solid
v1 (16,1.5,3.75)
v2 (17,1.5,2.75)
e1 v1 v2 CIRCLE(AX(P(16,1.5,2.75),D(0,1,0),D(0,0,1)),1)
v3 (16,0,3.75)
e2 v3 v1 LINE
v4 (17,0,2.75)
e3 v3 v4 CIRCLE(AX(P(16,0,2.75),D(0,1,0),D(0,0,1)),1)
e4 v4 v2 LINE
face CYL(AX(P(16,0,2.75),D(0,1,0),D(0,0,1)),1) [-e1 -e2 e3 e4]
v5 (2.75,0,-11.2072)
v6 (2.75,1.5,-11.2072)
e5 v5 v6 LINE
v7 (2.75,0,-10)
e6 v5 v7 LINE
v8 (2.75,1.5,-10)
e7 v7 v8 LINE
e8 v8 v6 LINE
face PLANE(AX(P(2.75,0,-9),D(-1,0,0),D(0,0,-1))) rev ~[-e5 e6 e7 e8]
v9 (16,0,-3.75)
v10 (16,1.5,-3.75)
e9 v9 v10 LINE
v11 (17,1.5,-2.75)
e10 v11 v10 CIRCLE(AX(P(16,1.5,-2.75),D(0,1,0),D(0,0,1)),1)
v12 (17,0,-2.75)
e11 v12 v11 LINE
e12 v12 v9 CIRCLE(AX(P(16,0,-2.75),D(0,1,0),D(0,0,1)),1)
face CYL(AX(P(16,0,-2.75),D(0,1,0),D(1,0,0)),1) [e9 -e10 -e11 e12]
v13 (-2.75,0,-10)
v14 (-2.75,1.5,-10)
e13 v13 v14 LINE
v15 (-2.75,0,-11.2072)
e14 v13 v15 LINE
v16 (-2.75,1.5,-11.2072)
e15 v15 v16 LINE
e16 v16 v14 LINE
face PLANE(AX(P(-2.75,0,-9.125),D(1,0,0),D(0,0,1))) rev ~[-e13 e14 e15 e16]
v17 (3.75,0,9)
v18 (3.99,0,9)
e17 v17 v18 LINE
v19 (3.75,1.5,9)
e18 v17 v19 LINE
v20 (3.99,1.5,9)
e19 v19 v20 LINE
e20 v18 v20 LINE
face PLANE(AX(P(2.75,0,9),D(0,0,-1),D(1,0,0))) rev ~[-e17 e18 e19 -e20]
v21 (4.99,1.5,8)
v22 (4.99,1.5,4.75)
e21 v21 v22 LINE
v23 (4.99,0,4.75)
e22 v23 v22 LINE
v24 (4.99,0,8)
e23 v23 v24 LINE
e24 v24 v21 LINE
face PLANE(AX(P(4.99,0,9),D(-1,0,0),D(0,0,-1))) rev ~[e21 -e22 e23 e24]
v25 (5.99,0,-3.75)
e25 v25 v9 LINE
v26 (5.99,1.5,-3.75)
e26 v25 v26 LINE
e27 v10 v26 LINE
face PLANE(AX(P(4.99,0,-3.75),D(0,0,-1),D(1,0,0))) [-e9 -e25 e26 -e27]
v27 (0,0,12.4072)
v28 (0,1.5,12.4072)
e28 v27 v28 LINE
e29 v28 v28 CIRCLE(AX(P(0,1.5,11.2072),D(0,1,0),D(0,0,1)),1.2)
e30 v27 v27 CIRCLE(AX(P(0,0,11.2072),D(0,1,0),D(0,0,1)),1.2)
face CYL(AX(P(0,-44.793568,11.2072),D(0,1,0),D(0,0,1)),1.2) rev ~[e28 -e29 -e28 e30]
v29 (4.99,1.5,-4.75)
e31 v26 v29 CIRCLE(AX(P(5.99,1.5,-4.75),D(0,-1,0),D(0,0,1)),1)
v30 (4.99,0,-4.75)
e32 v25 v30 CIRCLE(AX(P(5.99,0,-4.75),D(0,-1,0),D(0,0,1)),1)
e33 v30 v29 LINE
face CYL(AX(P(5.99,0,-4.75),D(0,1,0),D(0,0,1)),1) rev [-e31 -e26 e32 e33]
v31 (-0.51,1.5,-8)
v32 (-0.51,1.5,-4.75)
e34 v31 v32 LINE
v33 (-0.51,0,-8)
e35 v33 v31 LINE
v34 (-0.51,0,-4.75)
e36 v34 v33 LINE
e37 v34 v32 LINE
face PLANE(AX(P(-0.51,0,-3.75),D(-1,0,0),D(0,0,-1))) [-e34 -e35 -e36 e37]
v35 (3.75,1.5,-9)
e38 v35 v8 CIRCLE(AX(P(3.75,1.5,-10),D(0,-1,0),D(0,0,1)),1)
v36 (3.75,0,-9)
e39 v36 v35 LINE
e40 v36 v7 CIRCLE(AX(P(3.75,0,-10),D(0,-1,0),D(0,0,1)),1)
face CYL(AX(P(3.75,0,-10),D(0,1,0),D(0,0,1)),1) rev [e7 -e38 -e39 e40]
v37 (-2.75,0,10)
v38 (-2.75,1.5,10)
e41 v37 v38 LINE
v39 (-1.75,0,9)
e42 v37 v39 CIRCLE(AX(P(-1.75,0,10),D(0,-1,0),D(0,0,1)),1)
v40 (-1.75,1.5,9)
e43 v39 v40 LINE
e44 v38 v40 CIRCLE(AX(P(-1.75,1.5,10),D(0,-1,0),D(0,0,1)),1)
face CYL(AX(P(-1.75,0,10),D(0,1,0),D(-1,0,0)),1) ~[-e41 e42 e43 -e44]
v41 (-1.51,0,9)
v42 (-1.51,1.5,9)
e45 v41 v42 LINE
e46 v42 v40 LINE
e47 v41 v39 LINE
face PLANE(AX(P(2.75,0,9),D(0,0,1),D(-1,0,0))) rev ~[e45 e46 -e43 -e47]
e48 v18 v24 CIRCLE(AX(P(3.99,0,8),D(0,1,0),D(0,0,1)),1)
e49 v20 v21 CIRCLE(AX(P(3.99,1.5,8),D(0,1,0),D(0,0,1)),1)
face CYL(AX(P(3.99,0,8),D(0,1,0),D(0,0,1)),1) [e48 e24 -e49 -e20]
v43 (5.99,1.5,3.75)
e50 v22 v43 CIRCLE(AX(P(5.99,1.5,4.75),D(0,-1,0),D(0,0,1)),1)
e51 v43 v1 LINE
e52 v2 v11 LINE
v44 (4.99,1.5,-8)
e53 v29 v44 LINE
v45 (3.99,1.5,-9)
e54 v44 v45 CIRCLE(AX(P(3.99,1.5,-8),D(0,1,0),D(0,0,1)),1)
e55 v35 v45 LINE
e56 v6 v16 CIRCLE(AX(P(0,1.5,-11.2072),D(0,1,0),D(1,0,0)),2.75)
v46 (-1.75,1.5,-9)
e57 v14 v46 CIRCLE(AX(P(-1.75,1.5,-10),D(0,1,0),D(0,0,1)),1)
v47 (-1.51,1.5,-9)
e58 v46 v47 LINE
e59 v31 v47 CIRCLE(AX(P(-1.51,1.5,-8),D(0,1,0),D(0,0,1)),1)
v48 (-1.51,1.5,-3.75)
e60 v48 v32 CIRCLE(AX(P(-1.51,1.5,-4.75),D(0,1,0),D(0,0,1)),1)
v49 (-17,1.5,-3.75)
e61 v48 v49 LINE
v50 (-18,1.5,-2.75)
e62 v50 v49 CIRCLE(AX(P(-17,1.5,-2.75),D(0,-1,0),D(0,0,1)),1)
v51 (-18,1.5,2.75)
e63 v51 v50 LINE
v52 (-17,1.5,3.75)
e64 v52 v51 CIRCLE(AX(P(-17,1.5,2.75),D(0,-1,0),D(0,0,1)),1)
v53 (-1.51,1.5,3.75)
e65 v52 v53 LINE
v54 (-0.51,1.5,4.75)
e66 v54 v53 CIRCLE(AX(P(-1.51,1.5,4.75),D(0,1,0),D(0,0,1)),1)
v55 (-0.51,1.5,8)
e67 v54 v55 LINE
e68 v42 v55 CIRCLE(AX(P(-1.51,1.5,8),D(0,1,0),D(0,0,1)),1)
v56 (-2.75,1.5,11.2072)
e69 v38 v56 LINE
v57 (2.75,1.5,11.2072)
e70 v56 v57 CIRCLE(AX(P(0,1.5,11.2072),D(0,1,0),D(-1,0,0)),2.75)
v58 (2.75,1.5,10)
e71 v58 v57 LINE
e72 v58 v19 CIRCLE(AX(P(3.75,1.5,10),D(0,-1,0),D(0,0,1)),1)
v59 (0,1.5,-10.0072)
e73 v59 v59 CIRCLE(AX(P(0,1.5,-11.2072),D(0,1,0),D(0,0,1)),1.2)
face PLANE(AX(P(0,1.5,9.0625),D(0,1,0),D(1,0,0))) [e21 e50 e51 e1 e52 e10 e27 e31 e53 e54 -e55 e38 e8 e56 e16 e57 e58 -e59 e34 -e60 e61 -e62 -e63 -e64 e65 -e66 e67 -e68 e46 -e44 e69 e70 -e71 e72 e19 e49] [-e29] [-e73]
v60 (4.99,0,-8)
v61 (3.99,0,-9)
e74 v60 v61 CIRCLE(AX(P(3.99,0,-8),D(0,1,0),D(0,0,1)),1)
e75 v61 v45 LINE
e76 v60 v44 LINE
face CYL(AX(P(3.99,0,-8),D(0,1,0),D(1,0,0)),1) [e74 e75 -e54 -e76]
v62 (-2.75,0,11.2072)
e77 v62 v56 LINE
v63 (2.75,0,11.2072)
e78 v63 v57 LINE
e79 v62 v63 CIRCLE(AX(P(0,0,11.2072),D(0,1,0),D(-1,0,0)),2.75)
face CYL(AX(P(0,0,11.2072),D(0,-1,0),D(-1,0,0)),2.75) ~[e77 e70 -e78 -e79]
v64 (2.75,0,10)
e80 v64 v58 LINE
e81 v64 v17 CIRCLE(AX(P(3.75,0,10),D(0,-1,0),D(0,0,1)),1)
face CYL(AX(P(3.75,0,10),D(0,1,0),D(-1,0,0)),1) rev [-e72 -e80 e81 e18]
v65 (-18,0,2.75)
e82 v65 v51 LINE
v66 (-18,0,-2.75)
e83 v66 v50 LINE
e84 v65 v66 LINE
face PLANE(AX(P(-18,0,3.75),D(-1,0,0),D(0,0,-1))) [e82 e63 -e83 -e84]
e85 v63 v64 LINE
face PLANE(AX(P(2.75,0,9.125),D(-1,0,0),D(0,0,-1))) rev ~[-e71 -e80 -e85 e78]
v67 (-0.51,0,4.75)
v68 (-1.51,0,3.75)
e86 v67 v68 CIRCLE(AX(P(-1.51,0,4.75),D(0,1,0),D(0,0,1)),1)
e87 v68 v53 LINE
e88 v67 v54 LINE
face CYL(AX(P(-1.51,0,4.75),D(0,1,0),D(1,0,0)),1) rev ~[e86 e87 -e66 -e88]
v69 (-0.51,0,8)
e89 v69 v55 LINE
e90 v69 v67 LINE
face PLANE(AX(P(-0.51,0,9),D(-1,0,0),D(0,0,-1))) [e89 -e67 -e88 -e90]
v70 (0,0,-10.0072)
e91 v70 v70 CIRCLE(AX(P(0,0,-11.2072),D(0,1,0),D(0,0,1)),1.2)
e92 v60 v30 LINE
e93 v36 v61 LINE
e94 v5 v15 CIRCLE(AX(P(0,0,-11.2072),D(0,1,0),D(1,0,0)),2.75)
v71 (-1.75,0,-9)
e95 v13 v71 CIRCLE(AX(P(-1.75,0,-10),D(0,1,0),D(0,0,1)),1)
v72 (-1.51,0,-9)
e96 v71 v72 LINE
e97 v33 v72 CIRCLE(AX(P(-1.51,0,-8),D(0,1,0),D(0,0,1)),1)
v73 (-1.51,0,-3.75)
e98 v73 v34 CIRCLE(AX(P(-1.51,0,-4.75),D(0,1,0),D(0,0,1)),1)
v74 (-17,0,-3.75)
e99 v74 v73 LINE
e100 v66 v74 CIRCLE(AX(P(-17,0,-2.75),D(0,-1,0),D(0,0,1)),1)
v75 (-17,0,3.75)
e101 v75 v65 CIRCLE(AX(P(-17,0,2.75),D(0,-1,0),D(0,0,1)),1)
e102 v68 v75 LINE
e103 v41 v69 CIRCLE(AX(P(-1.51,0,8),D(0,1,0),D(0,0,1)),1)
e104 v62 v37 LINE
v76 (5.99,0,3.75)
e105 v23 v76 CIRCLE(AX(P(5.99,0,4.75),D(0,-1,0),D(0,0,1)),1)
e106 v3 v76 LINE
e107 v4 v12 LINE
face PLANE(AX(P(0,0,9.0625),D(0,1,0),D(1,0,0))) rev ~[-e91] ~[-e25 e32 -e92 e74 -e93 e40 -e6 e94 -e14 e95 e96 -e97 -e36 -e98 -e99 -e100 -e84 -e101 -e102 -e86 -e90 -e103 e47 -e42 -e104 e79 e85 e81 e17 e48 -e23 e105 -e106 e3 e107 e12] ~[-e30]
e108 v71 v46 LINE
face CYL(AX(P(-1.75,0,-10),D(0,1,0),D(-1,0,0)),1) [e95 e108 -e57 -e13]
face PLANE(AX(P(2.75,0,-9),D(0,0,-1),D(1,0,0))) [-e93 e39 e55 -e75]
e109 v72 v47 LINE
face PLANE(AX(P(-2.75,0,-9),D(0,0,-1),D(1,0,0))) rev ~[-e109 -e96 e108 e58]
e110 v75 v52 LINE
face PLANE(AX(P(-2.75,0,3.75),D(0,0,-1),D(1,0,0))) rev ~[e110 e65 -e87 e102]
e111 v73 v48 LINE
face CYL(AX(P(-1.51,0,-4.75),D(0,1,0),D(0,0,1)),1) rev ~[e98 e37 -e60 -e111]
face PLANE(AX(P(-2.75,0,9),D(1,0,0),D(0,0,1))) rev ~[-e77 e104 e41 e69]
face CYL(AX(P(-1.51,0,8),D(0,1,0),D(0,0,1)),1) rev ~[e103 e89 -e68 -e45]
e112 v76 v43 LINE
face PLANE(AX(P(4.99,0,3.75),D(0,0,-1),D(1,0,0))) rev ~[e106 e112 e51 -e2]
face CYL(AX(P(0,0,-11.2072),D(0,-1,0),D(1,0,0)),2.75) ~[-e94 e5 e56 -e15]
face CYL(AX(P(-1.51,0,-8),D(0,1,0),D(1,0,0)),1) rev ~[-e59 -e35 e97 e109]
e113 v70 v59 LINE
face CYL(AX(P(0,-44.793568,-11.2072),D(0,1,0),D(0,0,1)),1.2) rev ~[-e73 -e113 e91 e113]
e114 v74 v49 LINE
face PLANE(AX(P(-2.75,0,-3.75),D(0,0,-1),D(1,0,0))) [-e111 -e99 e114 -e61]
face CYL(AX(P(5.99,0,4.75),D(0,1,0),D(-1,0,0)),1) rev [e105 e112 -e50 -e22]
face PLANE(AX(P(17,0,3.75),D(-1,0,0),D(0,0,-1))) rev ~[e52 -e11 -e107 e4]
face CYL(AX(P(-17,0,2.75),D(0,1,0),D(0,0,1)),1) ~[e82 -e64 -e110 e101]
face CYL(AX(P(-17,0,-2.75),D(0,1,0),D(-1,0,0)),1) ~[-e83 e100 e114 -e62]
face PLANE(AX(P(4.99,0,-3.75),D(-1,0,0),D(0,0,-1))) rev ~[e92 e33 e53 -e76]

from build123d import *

# Parameters (mm, degrees)
SKETCH1_W            = 13.25
SKETCH1_H            = 7.5
SKETCH1_W_2          = 2
SKETCH1_W_3          = 2.24
SKETCH1_W_4          = 3.26
SKETCH1_W_5          = 8.01
SKETCH1_H_2          = 3.25
SKETCH1_H_3          = 2
SKETCH1_R            = 1.25
BOSS_EXTRUDE1_DEPTH  = 1.5
M2_CLEARANCE_HOLE1_D = 2.4
FILLET1_R            = 1


with BuildPart() as part:
    # Sketch1 → Boss-Extrude1 (new body)
    # profile 1 of 22: a face of its own
    with BuildSketch(Plane(origin=(0, 0, 0), x_dir=(1, 0, 0), z_dir=(0, 1, 0))):
        with Locations((-9.375, 0)):
            Rectangle(SKETCH1_W, SKETCH1_H)
    # profile 2 of 22: a face of its own
    with BuildSketch(Plane(origin=(0, 0, 0), x_dir=(1, 0, 0), z_dir=(0, 1, 0))):
        with Locations((-17, 0)):
            Rectangle(SKETCH1_W_2, SKETCH1_H)
    # profile 3 of 22: a face of its own
    with BuildSketch(Plane(origin=(0, 0, 0), x_dir=(1, 0, 0), z_dir=(0, 1, 0))):
        with Locations((-1.63, 0)):
            Rectangle(SKETCH1_W_3, SKETCH1_H)
    # profile 4 of 22: a face of its own
    with BuildSketch(Plane(origin=(0, 0, 0), x_dir=(1, 0, 0), z_dir=(0, 1, 0))):
        with Locations((1.12, 0)):
            Rectangle(SKETCH1_W_4, SKETCH1_H)
    # profile 5 of 22: a face of its own
    with BuildSketch(Plane(origin=(0, 0, 0), x_dir=(1, 0, 0), z_dir=(0, 1, 0))):
        with Locations((3.87, 0)):
            Rectangle(SKETCH1_W_3, SKETCH1_H)
    # profile 6 of 22: a face of its own
    with BuildSketch(Plane(origin=(0, 0, 0), x_dir=(1, 0, 0), z_dir=(0, 1, 0))):
        with Locations((8.995, 0)):
            Rectangle(SKETCH1_W_5, SKETCH1_H)
    # profile 7 of 22: a face of its own
    with BuildSketch(Plane(origin=(0, 0, 0), x_dir=(1, 0, 0), z_dir=(0, 1, 0))):
        with Locations((14, 0)):
            Rectangle(SKETCH1_W_2, SKETCH1_H)
    # profile 8 of 22: a face of its own
    with BuildSketch(Plane(origin=(0, 0, 0), x_dir=(1, 0, 0), z_dir=(0, 1, 0))):
        with Locations((16, 0)):
            Rectangle(SKETCH1_W_2, SKETCH1_H)
    # profile 9 of 22: a face of its own
    with BuildSketch(Plane(origin=(0, 0, 0), x_dir=(1, 0, 0), z_dir=(0, 1, 0))):
        with Locations((3.87, 5.375)):
            Rectangle(SKETCH1_W_3, SKETCH1_H_2)
    # profile 10 of 22: a face of its own
    with BuildSketch(Plane(origin=(0, 0, 0), x_dir=(1, 0, 0), z_dir=(0, 1, 0))):
        with Locations((3.87, -5.375)):
            Rectangle(SKETCH1_W_3, SKETCH1_H_2)
    # profile 11 of 22: a face of its own
    with BuildSketch(Plane(origin=(0, 0, 0), x_dir=(1, 0, 0), z_dir=(0, 1, 0))):
        with Locations((3.87, -8)):
            Rectangle(SKETCH1_W_3, SKETCH1_H_3)
    # profile 12 of 22: a face of its own
    with BuildSketch(Plane(origin=(0, 0, 0), x_dir=(1, 0, 0), z_dir=(0, 1, 0))):
        with Locations((1.12, -8)):
            Rectangle(SKETCH1_W_4, SKETCH1_H_3)
    # profile 13 of 22: a face of its own
    with BuildSketch(Plane(origin=(0, 0, 0), x_dir=(1, 0, 0), z_dir=(0, 1, 0))):
        with Locations((1.12, -5.375)):
            Rectangle(SKETCH1_W_4, SKETCH1_H_2)
    # profile 14 of 22: a face of its own
    with BuildSketch(Plane(origin=(0, 0, 0), x_dir=(1, 0, 0), z_dir=(0, 1, 0))):
        with Locations((1.12, 5.375)):
            Rectangle(SKETCH1_W_4, SKETCH1_H_2)
    # profile 15 of 22: a face of its own
    with BuildSketch(Plane(origin=(0, 0, 0), x_dir=(1, 0, 0), z_dir=(0, 1, 0))):
        with Locations((1.12, 8)):
            Rectangle(SKETCH1_W_4, SKETCH1_H_3)
    # profile 16 of 22: a face of its own
    with BuildSketch(Plane(origin=(0, 0, 0), x_dir=(1, 0, 0), z_dir=(0, 1, 0))):
        with Locations((3.87, 8)):
            Rectangle(SKETCH1_W_3, SKETCH1_H_3)
    # profile 17 of 22: a face of its own
    with BuildSketch(Plane(origin=(0, 0, 0), x_dir=(1, 0, 0), z_dir=(0, 1, 0))):
        with BuildLine():
            Line((2.75, 9.125), (2.75, 11.2072))
            ThreePointArc((2.75, 11.2072), (0, 13.9572), (-2.75, 11.2072))
            Line((-2.75, 11.2072), (-2.75, 9.125))
            Line((-2.75, 9.125), (2.75, 9.125))
        make_face()
        with Locations((0, 11.2072)):
            Circle(SKETCH1_R, mode=Mode.SUBTRACT)
    # profile 18 of 22: a face of its own
    with BuildSketch(Plane(origin=(0, 0, 0), x_dir=(1, 0, 0), z_dir=(0, 1, 0))):
        with BuildLine():
            Line((2.75, -11.2072), (2.75, -9.125))
            Line((2.75, -9.125), (-2.75, -9.125))
            Line((-2.75, -9.125), (-2.75, -11.2072))
            ThreePointArc((-2.75, -11.2072), (0, -13.9572), (2.75, -11.2072))
        make_face()
        with Locations((0, -11.2072)):
            Circle(SKETCH1_R, mode=Mode.SUBTRACT)
    # profile 19 of 22: a face of its own
    with BuildSketch(Plane(origin=(0, 0, 0), x_dir=(1, 0, 0), z_dir=(0, 1, 0))):
        Polygon((2.75, 9), (2.75, 9.125), (-2.75, 9.125), (-2.75, 9), (-0.51, 9), align=None)
    # profile 20 of 22: a face of its own
    with BuildSketch(Plane(origin=(0, 0, 0), x_dir=(1, 0, 0), z_dir=(0, 1, 0))):
        with Locations((0, 11.2072)):
            Circle(SKETCH1_R)
    # profile 21 of 22: a face of its own
    with BuildSketch(Plane(origin=(0, 0, 0), x_dir=(1, 0, 0), z_dir=(0, 1, 0))):
        with Locations((0, -11.2072)):
            Circle(SKETCH1_R)
    # profile 22 of 22: a face of its own
    with BuildSketch(Plane(origin=(0, 0, 0), x_dir=(1, 0, 0), z_dir=(0, 1, 0))):
        Polygon((2.75, -9.125), (2.75, -9), (-0.51, -9), (-2.75, -9), (-2.75, -9.125), align=None)
    extrude(amount=BOSS_EXTRUDE1_DEPTH)

    # M2 Clearance Hole1 (through all)
    with Locations(Plane(origin=(0, 0, -11.2072), x_dir=(0, 0, -1), z_dir=(0, -1, 0))):
        with Locations((0, 0), (-22.4144, 0)):
            Hole(M2_CLEARANCE_HOLE1_D / 2)

    # Fillet1
    fillet1_edges = [part.edges().sort_by_distance(p)[0] for p in [
        (-0.51, 0.75, 3.75),
        (-18, 0.75, 3.75),
        (-18, 0.75, -3.75),
        (-0.51, 0.75, -3.75),
        (-0.51, 0.75, -9),
        (-2.75, 0.75, -9),
        (2.75, 0.75, -9),
        (4.99, 0.75, -9),
        (4.99, 0.75, -3.75),
        (17, 0.75, -3.75),
        (17, 0.75, 3.75),
        (4.99, 0.75, 3.75),
        (4.99, 0.75, 9),
        (2.75, 0.75, 9),
        (-2.75, 0.75, 9),
        (-0.51, 0.75, 9),
    ]]
    fillet(fillet1_edges, radius=FILLET1_R)


solid = part.part
